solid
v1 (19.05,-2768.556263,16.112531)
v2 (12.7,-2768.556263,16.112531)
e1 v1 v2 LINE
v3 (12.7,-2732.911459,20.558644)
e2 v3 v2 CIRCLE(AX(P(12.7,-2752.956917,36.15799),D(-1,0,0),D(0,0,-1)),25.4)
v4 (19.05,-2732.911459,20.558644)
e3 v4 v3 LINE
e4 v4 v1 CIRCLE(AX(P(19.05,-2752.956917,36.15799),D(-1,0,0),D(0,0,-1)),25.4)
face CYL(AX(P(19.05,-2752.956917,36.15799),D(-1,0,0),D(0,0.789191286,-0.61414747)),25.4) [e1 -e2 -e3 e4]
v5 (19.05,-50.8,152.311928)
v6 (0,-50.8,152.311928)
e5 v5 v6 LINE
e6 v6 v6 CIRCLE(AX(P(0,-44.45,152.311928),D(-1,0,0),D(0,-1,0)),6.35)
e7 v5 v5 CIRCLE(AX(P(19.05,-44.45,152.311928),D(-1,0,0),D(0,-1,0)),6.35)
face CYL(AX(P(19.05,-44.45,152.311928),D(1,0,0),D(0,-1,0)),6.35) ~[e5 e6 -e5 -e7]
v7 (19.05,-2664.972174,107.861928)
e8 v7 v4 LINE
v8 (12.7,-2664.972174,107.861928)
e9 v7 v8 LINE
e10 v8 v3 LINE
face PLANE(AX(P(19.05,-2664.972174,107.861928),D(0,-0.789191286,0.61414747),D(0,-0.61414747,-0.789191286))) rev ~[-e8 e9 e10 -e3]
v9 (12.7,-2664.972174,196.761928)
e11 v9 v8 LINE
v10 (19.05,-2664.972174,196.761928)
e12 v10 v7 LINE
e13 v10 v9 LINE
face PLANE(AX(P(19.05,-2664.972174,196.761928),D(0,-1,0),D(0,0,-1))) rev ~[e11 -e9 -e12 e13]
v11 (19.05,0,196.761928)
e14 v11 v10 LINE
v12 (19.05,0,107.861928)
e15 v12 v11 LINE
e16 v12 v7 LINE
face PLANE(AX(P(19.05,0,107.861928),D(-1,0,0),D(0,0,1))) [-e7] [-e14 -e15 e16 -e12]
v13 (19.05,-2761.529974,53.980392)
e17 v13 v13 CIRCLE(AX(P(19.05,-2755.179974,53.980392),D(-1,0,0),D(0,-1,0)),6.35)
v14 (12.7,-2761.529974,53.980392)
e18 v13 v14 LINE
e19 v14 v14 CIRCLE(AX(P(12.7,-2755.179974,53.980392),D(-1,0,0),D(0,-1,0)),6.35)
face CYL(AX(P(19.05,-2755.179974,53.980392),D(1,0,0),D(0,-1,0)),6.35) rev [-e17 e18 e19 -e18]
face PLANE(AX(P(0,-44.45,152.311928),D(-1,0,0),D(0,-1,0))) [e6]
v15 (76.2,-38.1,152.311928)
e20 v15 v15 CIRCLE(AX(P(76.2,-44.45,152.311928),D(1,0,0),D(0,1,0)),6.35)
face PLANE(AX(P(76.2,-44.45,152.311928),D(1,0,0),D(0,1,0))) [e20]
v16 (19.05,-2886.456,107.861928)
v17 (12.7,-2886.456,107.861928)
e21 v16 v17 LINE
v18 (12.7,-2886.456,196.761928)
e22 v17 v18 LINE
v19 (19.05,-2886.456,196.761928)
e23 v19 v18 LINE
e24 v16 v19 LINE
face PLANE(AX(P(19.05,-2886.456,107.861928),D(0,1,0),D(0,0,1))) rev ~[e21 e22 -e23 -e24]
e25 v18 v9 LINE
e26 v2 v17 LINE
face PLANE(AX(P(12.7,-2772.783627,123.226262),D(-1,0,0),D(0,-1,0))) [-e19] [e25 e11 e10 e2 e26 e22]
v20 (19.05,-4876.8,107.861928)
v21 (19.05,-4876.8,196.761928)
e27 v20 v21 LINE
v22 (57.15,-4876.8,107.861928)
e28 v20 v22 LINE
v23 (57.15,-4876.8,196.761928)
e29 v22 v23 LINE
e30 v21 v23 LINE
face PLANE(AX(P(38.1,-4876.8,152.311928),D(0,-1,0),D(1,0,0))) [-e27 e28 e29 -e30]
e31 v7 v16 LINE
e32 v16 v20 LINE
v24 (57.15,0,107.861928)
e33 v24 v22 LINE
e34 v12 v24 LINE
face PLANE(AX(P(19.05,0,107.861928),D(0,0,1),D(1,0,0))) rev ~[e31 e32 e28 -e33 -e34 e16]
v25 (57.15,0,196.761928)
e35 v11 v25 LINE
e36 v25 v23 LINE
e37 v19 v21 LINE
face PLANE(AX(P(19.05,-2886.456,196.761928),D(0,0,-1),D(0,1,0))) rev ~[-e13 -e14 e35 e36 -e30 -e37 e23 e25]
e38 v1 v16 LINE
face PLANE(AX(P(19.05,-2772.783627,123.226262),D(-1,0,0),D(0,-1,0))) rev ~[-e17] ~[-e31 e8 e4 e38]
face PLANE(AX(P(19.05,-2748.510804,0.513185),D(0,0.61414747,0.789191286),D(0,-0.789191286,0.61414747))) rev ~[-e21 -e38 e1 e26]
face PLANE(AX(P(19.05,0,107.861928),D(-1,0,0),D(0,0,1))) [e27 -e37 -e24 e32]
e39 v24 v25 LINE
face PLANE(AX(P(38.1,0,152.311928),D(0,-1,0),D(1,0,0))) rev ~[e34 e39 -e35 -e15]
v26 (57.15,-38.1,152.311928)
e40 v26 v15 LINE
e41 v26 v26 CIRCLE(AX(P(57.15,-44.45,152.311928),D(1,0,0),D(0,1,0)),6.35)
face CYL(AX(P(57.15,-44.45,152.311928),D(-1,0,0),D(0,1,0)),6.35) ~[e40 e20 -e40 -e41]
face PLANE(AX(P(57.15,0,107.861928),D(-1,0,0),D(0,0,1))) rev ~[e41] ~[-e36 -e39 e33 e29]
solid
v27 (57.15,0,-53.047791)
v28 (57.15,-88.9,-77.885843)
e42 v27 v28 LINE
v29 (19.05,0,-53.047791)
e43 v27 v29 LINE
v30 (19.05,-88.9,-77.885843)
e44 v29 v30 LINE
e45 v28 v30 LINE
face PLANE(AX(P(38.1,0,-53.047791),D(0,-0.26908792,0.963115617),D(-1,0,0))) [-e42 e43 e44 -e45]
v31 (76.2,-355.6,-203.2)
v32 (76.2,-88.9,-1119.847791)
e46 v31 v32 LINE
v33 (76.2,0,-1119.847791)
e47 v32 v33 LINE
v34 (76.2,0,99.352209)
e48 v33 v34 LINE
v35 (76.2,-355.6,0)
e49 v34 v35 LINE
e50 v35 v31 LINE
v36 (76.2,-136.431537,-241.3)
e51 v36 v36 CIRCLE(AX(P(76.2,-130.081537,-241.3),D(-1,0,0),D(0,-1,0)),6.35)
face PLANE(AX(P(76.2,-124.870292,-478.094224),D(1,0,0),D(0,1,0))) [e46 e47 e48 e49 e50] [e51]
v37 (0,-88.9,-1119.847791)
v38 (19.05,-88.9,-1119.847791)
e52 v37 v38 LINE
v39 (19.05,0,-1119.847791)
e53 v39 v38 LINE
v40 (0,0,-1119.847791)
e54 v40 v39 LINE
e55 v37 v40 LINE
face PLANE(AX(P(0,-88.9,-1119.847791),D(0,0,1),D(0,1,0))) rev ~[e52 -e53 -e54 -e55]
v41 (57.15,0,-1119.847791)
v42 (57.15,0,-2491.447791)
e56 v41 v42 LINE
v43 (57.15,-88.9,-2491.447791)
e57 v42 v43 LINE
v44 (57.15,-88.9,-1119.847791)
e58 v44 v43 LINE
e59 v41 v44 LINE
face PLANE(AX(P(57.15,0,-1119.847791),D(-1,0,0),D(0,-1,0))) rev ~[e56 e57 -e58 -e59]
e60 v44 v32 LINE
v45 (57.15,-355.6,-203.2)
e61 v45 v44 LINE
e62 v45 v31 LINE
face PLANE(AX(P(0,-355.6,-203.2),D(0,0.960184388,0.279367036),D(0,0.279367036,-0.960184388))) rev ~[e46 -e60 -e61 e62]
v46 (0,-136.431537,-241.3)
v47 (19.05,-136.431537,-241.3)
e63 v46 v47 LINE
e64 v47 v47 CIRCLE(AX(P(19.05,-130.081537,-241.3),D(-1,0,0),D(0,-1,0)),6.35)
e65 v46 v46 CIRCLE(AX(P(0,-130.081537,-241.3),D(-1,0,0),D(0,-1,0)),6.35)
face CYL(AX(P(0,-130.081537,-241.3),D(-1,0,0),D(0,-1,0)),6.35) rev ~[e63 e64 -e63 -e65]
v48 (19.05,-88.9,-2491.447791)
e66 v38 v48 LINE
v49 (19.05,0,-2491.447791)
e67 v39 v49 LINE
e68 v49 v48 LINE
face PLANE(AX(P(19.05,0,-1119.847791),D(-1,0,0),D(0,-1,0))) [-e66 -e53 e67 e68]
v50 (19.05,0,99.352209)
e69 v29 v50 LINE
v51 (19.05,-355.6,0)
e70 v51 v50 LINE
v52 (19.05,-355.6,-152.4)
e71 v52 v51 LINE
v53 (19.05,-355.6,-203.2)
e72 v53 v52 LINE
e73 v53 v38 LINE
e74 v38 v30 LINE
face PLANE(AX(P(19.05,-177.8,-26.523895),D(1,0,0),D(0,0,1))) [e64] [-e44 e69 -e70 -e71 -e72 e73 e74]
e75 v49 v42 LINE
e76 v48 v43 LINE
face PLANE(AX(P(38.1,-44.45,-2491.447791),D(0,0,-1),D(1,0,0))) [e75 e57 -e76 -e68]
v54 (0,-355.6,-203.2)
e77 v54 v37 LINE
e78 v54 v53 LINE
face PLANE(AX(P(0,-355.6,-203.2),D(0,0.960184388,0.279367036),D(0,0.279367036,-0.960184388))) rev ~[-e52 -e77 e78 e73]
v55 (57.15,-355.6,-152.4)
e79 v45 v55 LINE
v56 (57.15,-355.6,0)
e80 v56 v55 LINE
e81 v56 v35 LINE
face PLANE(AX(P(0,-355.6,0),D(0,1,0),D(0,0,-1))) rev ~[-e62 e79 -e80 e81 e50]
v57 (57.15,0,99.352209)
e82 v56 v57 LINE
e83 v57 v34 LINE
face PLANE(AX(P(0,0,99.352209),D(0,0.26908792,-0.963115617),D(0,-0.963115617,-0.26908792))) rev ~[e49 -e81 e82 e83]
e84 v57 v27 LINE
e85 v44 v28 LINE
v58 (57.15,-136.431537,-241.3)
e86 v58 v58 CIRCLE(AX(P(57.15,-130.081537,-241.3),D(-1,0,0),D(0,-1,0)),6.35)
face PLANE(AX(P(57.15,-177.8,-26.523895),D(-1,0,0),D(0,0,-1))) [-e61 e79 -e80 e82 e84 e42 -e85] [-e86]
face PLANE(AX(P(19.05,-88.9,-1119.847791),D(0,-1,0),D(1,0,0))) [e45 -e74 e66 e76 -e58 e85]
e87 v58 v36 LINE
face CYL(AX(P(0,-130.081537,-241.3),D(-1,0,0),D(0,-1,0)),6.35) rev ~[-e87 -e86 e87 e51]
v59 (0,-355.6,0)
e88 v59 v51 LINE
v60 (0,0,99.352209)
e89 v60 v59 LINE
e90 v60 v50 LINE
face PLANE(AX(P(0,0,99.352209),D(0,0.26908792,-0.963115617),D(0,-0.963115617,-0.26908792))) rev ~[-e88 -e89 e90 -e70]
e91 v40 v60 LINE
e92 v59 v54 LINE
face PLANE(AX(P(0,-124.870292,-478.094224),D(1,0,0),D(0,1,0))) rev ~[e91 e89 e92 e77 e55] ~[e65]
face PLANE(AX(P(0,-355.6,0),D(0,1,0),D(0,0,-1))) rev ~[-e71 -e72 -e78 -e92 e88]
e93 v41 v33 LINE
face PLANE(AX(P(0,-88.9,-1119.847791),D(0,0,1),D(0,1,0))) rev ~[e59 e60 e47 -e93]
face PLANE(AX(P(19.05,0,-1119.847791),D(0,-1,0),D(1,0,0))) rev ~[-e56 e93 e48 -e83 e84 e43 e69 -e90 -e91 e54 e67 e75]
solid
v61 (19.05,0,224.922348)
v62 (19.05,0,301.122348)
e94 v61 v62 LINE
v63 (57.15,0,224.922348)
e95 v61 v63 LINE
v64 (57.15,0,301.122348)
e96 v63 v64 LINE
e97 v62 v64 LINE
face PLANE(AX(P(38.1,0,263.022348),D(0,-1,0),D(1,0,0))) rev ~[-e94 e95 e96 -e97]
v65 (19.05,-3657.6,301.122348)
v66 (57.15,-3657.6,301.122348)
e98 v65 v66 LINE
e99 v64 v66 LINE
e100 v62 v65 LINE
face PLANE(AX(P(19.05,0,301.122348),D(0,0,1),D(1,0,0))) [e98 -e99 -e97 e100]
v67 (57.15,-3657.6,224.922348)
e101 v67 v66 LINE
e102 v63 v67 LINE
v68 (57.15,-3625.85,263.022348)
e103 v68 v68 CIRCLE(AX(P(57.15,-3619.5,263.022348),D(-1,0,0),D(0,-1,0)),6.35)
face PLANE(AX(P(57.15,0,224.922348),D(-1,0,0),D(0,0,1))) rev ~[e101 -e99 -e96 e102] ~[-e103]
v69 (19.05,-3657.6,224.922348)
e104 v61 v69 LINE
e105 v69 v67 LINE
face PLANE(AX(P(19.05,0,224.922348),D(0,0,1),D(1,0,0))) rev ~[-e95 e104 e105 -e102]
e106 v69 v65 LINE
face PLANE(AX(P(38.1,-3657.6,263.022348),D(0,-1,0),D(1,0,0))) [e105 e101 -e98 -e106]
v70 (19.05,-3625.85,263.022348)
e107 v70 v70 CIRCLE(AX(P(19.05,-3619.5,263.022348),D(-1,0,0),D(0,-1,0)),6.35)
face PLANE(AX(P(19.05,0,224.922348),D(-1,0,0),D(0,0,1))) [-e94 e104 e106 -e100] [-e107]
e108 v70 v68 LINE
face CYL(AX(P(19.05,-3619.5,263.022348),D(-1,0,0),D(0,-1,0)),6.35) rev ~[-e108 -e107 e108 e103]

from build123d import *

# Parameters (mm, degrees)
F1_DEPTH  = 76.2
F2_W      = 38.1
F2_H      = 152.4
F4_W      = 38.1
F4_H      = 266.7
F5_DEPTH  = 1219.201
F6_W      = 38.1
F6_H      = 88.9
F7_DEPTH  = 1371.6
F8_R      = 6.35
F9_DEPTH  = 76.201
F10_W     = 38.1
F10_H     = 88.9
F11_DEPTH = 4876.8
F12_R     = 6.35
F13_DEPTH = 19.05
F14_R     = 6.35
F15_DEPTH = 19.05
F16_R     = 6.35
F17_DEPTH = 6.35
F18_R     = 25.4
F19_W     = 38.1
F19_H     = 76.2
F20_DEPTH = 3657.6
F21_R     = 6.35
F22_DEPTH = 57.151


with BuildPart() as f1:
    # F0 (on Right) → F1 (new body)
    with BuildSketch(Plane.YZ):
        Polygon((0, 99.3522093521), (-355.6, 0), (-355.6, -203.2), (-88.9, -1119.8477906479), (0, -1119.8477906479), align=None)
    extrude(amount=F1_DEPTH)

    # F3: sweep along a path in F3_path
    with BuildLine(Plane(origin=(76.2, 0, 99.3522093521), x_dir=(0, 0.9631156168, 0.2690879201), z_dir=(0, -0.2690879201, 0.9631156168))) as f3_path:
        Line((0, 0), (-369.2183926935, 0))
    # F2 (on face) → F3 (sweep, cut)
    with BuildSketch(Plane(origin=(0, 0, 0), x_dir=(-1, 0, 0), z_dir=(0, 1, 0))):
        with Locations((-38.1, 23.1522093521)):
            Rectangle(F2_W, F2_H)
    sweep(path=f3_path.line, mode=Mode.SUBTRACT)

    # F4 (on face) → F5 (cut, through all)
    with BuildSketch(Plane(origin=(0, 0, -1119.8477906479), x_dir=(1, 0, 0), z_dir=(0, 0, -1))):
        with Locations((38.1, 222.25)):
            Rectangle(F4_W, F4_H)
    extrude(amount=-F5_DEPTH, mode=Mode.SUBTRACT)

    # F6 (on face) → F7 (join)
    with BuildSketch(Plane(origin=(0, 0, -1119.8477906479), x_dir=(1, 0, 0), z_dir=(0, 0, -1))):
        with Locations((38.1, 44.45)):
            Rectangle(F6_W, F6_H)
    extrude(amount=F7_DEPTH)

    # F8 (on face) → F9 (cut, through all)
    with BuildSketch(Plane(origin=(0, 0, 0), x_dir=(0, -1, 0), z_dir=(-1, 0, 0))):
        with Locations((130.0815367264, -241.3)):
            Circle(F8_R)
    extrude(amount=-F9_DEPTH, mode=Mode.SUBTRACT)


with BuildPart() as f11:
    # F10 (on Front) → F11 (new body)
    with BuildSketch(Plane.XZ):
        with Locations((38.1, 152.3119284987)):
            Rectangle(F10_W, F10_H)
    extrude(amount=F11_DEPTH)

    # F12 (on face) → F13 (join)
    with BuildSketch(Plane(origin=(19.05, 0, 0), x_dir=(0, -1, 0), z_dir=(-1, 0, 0))):
        with Locations((44.45, 152.3119284987)):
            Circle(F12_R)
    extrude(amount=F13_DEPTH)

    # F14 (on face) → F15 (join)
    with BuildSketch(Plane.YZ.offset(57.15)):
        with Locations((-44.45, 152.3119284987)):
            Circle(F14_R)
    extrude(amount=F15_DEPTH)

    # F16 (on face) → F17 (join)
    with BuildSketch(Plane(origin=(19.05, 0, 0), x_dir=(0, -1, 0), z_dir=(-1, 0, 0))):
        Polygon((2664.9721741909, 196.7619284987), (2664.9721741909, 107.8619284987), (2748.5108044967, 0.5131851916), (2886.456, 107.8619284987), (2886.456, 196.7619284987), align=None)
        with Locations((2755.1799738946, 53.9803917723)):
            Circle(F16_R, mode=Mode.SUBTRACT)
    extrude(amount=F17_DEPTH)

    # F18
    f18_edges = [f11.edges().sort_by_distance(p)[0] for p in [
        (15.875, -2748.510804, 0.513185),
    ]]
    fillet(f18_edges, radius=F18_R)


with BuildPart() as f20:
    # F19 (on Front) → F20 (new body)
    with BuildSketch(Plane.XZ):
        with Locations((38.1, 263.0223479325)):
            Rectangle(F19_W, F19_H)
    extrude(amount=F20_DEPTH)

    # F21 (on face) → F22 (cut, through all)
    with BuildSketch(Plane(origin=(19.05, 0, 0), x_dir=(0, -1, 0), z_dir=(-1, 0, 0))):
        with Locations((3619.5, 263.0223479325)):
            Circle(F21_R)
    extrude(amount=-F22_DEPTH, mode=Mode.SUBTRACT)


solid = Compound([f1.part, f11.part, f20.part])
